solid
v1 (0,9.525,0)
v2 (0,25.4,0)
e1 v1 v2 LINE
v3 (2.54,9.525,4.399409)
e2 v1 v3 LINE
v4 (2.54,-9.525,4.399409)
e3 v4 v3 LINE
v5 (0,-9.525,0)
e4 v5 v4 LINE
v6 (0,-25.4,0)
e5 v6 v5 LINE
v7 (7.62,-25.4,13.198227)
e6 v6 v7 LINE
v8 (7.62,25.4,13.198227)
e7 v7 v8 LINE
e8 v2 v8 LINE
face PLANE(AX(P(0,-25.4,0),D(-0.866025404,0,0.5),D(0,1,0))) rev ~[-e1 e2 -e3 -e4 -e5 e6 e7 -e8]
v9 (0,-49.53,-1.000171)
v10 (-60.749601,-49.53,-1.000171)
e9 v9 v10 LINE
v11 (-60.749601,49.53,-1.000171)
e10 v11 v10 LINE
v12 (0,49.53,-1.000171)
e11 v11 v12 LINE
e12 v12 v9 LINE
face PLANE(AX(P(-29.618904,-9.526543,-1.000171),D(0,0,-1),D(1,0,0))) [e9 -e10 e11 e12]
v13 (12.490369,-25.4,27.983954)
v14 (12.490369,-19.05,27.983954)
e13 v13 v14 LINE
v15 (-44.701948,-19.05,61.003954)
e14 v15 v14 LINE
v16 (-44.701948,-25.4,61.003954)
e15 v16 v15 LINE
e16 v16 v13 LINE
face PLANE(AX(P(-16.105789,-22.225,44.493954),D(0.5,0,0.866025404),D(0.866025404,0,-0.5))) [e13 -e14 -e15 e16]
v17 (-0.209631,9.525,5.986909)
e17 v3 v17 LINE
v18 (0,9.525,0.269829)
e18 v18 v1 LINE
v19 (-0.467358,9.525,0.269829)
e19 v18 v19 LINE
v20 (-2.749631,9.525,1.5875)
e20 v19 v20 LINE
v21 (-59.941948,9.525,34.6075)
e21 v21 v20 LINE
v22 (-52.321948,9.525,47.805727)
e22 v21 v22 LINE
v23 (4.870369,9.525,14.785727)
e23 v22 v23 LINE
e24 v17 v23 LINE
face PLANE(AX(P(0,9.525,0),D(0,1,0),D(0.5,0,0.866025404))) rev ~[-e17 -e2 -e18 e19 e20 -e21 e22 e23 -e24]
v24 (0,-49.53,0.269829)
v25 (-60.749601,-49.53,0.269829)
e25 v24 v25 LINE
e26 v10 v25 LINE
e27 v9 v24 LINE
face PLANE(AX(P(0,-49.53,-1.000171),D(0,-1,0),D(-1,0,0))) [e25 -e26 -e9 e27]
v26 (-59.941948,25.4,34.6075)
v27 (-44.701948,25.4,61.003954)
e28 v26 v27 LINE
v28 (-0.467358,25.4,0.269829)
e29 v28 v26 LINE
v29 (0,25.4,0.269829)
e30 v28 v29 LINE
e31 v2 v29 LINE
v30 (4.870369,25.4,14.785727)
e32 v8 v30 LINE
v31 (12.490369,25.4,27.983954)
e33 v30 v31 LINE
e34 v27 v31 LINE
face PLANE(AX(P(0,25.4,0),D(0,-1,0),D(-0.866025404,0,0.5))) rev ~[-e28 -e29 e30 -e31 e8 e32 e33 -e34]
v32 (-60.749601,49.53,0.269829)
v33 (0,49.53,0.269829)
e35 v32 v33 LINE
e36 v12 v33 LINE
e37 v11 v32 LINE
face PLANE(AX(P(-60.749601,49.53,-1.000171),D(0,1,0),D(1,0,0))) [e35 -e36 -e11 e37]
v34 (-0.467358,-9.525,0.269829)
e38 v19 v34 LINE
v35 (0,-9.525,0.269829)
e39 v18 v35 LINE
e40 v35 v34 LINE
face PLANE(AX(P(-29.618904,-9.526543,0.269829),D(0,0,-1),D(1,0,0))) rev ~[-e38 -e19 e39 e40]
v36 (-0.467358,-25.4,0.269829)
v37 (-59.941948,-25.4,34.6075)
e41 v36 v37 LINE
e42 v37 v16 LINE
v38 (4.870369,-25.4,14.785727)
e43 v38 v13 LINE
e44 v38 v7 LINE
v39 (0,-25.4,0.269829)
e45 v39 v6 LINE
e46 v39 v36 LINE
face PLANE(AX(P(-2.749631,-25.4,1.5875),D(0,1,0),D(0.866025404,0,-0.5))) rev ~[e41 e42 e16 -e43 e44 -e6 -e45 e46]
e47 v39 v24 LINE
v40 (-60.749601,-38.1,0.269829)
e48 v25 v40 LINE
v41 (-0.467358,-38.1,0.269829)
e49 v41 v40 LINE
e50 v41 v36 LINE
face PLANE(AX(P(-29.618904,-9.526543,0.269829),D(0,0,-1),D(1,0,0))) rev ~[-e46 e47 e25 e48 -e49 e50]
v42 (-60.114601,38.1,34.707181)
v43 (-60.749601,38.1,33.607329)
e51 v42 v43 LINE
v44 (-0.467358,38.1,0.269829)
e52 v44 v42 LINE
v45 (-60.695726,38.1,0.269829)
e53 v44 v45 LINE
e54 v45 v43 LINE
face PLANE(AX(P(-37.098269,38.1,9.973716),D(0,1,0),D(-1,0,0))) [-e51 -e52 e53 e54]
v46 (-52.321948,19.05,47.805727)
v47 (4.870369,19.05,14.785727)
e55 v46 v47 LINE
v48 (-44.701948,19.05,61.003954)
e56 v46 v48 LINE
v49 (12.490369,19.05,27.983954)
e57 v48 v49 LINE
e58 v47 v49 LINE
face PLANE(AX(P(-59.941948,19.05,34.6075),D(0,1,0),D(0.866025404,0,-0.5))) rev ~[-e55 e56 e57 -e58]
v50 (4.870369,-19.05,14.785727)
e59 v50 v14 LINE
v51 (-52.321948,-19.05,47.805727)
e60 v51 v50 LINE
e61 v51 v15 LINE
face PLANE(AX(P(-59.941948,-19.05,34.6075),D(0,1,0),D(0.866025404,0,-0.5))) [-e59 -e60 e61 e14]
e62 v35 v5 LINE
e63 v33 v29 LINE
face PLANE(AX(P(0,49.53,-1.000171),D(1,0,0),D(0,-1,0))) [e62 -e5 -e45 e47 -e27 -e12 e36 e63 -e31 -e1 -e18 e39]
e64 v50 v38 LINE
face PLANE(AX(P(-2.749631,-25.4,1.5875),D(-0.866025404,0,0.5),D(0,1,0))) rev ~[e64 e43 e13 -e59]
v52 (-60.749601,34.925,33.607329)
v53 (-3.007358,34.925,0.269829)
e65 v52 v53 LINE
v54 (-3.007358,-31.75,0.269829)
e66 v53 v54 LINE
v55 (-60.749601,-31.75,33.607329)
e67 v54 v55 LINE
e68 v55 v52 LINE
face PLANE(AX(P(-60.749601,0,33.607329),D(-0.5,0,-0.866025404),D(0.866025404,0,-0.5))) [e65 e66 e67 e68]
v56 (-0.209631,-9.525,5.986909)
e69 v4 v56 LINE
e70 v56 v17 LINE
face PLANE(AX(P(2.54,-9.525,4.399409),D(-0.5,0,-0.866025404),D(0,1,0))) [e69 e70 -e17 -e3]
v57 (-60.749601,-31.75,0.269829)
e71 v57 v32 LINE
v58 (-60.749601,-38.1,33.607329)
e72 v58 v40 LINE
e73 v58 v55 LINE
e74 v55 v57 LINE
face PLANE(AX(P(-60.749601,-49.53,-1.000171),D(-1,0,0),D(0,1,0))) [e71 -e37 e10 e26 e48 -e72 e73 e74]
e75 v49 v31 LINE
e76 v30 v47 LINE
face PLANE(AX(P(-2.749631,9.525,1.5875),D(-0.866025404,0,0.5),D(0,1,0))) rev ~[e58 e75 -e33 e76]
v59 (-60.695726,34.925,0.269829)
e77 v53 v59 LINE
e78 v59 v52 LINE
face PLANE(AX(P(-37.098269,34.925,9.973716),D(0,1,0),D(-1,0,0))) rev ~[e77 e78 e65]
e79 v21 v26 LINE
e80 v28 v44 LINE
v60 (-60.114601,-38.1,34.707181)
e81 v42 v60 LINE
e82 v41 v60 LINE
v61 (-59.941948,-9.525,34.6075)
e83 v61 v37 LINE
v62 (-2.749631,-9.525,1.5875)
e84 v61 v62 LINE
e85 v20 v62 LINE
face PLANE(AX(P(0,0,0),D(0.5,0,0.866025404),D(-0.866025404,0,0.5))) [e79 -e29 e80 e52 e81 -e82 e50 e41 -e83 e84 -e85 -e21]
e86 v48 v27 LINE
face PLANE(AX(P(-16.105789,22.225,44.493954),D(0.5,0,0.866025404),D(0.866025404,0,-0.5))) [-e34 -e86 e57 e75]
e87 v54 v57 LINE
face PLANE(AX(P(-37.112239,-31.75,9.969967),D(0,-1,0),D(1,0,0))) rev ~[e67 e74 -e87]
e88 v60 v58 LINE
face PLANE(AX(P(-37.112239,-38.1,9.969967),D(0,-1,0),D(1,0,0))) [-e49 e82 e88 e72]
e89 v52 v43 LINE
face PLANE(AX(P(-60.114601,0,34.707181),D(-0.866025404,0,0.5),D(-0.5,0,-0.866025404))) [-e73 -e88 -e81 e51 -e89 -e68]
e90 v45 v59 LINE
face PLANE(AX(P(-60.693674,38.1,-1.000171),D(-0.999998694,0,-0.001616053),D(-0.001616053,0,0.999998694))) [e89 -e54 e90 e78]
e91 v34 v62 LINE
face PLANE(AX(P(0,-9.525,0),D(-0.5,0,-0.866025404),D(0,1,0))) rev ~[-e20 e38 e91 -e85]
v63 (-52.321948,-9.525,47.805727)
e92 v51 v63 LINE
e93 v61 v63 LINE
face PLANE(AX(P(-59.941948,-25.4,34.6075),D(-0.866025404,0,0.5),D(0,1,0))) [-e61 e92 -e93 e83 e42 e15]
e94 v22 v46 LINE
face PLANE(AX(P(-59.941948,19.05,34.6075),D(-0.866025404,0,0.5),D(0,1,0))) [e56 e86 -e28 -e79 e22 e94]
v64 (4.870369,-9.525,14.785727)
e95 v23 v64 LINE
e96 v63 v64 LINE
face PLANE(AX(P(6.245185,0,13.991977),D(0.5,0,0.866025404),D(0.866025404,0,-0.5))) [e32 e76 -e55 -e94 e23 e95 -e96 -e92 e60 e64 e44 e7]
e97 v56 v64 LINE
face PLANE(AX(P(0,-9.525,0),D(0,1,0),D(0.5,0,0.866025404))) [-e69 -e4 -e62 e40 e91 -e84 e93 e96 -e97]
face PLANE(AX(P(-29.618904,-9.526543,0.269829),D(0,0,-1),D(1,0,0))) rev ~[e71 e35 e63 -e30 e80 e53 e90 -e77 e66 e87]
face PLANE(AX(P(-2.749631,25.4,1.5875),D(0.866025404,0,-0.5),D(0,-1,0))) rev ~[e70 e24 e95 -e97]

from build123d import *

# Parameters (mm, degrees)
F1_DEPTH  = 38.1
F2_W      = 66.04
F2_H      = 9.525
F3_DEPTH  = 15.24
F2_H_2    = 6.35
F4_DEPTH  = 30.48
F5_DEPTH  = 15.24
F6_W      = 19.05
F6_H      = 5.08
F7_DEPTH  = 3.175
F9_DEPTH  = 6.35
F11_DEPTH = 3.175
F13_DEPTH = 1.27


with BuildPart() as f1:
    # F0 (on Front) → F1 (new body, symmetric)
    with BuildSketch(Plane.XZ):
        Polygon((-0.8076530991, -1.0001709495), (0, 0), (-60.1146014221, 34.7071813133), (-60.7496014221, 33.6073290505), align=None)
    extrude(amount=F1_DEPTH, both=True)

    # F2 (on face) → F3 (join)
    with BuildSketch(Plane(origin=(0, 0, 0), x_dir=(0.8660254038, 0, -0.5), z_dir=(0.5, 0, 0.8660254038))):
        with Locations((-36.195, -14.2875)):
            Rectangle(F2_W, F2_H)
        with Locations((-36.195, 14.2875)):
            Rectangle(F2_W, F2_H)
    extrude(amount=F3_DEPTH)

    # F2 (on face) → F4 (join)
    with BuildSketch(Plane(origin=(0, 0, 0), x_dir=(0.8660254038, 0, -0.5), z_dir=(0.5, 0, 0.8660254038))):
        with Locations((-36.195, -22.225)):
            Rectangle(F2_W, F2_H_2)
        with Locations((-36.195, 22.225)):
            Rectangle(F2_W, F2_H_2)
    extrude(amount=F4_DEPTH)

    # F2 (on face) → F5 (join)
    with BuildSketch(Plane(origin=(0, 0, 0), x_dir=(0.8660254038, 0, -0.5), z_dir=(0.5, 0, 0.8660254038))):
        Polygon((0, 25.4), (-3.175, 25.4), (-3.175, 19.05), (-3.175, 9.525), (-3.175, -9.525), (-3.175, -19.05), (-3.175, -25.4), (0, -25.4), align=None)
    extrude(amount=F5_DEPTH)

    # F6 (on face) → F7 (cut)
    with BuildSketch(Plane(origin=(0, 0, 0), x_dir=(0, 1, 0), z_dir=(0.8660254038, 0, -0.5))):
        with Locations((0, 2.54)):
            Rectangle(F6_W, F6_H)
    extrude(amount=-F7_DEPTH, mode=Mode.SUBTRACT)

    # F8 (on face) → F9 (join)
    with BuildSketch(Plane.XZ.offset(38.1)):
        Polygon((-60.7496014221, -1.0001709495), (-0.8076530991, -1.0001709495), (-60.7496014221, 33.6073290505), align=None)
    extrude(amount=-F9_DEPTH)

    # F10 (on face) → F11 (join)
    with BuildSketch(Plane(origin=(0, 38.1, 0), x_dir=(-1, 0, 0), z_dir=(0, 1, 0))):
        Polygon((60.7496014221, 33.6073290505), (0.8076530991, -1.0001709495), (60.6936737895, -1.0001709495), align=None)
    extrude(amount=-F11_DEPTH)

    # F12 (on face) → F13 (join)
    with BuildSketch(Plane(origin=(0, 0, -1.0001709495), x_dir=(1, 0, 0), z_dir=(0, 0, -1))):
        Polygon((0, 49.53), (-60.7496014221, 49.53), (-60.7496014221, 38.1), (-0.8076530991, 38.1), (-0.8076530991, 31.75), (-60.7496014221, 31.75), (-60.7496014221, -49.53), (0, -49.53), (0, -9.525), (0, 9.525), align=None)
    extrude(amount=-F13_DEPTH)


solid = f1.part
